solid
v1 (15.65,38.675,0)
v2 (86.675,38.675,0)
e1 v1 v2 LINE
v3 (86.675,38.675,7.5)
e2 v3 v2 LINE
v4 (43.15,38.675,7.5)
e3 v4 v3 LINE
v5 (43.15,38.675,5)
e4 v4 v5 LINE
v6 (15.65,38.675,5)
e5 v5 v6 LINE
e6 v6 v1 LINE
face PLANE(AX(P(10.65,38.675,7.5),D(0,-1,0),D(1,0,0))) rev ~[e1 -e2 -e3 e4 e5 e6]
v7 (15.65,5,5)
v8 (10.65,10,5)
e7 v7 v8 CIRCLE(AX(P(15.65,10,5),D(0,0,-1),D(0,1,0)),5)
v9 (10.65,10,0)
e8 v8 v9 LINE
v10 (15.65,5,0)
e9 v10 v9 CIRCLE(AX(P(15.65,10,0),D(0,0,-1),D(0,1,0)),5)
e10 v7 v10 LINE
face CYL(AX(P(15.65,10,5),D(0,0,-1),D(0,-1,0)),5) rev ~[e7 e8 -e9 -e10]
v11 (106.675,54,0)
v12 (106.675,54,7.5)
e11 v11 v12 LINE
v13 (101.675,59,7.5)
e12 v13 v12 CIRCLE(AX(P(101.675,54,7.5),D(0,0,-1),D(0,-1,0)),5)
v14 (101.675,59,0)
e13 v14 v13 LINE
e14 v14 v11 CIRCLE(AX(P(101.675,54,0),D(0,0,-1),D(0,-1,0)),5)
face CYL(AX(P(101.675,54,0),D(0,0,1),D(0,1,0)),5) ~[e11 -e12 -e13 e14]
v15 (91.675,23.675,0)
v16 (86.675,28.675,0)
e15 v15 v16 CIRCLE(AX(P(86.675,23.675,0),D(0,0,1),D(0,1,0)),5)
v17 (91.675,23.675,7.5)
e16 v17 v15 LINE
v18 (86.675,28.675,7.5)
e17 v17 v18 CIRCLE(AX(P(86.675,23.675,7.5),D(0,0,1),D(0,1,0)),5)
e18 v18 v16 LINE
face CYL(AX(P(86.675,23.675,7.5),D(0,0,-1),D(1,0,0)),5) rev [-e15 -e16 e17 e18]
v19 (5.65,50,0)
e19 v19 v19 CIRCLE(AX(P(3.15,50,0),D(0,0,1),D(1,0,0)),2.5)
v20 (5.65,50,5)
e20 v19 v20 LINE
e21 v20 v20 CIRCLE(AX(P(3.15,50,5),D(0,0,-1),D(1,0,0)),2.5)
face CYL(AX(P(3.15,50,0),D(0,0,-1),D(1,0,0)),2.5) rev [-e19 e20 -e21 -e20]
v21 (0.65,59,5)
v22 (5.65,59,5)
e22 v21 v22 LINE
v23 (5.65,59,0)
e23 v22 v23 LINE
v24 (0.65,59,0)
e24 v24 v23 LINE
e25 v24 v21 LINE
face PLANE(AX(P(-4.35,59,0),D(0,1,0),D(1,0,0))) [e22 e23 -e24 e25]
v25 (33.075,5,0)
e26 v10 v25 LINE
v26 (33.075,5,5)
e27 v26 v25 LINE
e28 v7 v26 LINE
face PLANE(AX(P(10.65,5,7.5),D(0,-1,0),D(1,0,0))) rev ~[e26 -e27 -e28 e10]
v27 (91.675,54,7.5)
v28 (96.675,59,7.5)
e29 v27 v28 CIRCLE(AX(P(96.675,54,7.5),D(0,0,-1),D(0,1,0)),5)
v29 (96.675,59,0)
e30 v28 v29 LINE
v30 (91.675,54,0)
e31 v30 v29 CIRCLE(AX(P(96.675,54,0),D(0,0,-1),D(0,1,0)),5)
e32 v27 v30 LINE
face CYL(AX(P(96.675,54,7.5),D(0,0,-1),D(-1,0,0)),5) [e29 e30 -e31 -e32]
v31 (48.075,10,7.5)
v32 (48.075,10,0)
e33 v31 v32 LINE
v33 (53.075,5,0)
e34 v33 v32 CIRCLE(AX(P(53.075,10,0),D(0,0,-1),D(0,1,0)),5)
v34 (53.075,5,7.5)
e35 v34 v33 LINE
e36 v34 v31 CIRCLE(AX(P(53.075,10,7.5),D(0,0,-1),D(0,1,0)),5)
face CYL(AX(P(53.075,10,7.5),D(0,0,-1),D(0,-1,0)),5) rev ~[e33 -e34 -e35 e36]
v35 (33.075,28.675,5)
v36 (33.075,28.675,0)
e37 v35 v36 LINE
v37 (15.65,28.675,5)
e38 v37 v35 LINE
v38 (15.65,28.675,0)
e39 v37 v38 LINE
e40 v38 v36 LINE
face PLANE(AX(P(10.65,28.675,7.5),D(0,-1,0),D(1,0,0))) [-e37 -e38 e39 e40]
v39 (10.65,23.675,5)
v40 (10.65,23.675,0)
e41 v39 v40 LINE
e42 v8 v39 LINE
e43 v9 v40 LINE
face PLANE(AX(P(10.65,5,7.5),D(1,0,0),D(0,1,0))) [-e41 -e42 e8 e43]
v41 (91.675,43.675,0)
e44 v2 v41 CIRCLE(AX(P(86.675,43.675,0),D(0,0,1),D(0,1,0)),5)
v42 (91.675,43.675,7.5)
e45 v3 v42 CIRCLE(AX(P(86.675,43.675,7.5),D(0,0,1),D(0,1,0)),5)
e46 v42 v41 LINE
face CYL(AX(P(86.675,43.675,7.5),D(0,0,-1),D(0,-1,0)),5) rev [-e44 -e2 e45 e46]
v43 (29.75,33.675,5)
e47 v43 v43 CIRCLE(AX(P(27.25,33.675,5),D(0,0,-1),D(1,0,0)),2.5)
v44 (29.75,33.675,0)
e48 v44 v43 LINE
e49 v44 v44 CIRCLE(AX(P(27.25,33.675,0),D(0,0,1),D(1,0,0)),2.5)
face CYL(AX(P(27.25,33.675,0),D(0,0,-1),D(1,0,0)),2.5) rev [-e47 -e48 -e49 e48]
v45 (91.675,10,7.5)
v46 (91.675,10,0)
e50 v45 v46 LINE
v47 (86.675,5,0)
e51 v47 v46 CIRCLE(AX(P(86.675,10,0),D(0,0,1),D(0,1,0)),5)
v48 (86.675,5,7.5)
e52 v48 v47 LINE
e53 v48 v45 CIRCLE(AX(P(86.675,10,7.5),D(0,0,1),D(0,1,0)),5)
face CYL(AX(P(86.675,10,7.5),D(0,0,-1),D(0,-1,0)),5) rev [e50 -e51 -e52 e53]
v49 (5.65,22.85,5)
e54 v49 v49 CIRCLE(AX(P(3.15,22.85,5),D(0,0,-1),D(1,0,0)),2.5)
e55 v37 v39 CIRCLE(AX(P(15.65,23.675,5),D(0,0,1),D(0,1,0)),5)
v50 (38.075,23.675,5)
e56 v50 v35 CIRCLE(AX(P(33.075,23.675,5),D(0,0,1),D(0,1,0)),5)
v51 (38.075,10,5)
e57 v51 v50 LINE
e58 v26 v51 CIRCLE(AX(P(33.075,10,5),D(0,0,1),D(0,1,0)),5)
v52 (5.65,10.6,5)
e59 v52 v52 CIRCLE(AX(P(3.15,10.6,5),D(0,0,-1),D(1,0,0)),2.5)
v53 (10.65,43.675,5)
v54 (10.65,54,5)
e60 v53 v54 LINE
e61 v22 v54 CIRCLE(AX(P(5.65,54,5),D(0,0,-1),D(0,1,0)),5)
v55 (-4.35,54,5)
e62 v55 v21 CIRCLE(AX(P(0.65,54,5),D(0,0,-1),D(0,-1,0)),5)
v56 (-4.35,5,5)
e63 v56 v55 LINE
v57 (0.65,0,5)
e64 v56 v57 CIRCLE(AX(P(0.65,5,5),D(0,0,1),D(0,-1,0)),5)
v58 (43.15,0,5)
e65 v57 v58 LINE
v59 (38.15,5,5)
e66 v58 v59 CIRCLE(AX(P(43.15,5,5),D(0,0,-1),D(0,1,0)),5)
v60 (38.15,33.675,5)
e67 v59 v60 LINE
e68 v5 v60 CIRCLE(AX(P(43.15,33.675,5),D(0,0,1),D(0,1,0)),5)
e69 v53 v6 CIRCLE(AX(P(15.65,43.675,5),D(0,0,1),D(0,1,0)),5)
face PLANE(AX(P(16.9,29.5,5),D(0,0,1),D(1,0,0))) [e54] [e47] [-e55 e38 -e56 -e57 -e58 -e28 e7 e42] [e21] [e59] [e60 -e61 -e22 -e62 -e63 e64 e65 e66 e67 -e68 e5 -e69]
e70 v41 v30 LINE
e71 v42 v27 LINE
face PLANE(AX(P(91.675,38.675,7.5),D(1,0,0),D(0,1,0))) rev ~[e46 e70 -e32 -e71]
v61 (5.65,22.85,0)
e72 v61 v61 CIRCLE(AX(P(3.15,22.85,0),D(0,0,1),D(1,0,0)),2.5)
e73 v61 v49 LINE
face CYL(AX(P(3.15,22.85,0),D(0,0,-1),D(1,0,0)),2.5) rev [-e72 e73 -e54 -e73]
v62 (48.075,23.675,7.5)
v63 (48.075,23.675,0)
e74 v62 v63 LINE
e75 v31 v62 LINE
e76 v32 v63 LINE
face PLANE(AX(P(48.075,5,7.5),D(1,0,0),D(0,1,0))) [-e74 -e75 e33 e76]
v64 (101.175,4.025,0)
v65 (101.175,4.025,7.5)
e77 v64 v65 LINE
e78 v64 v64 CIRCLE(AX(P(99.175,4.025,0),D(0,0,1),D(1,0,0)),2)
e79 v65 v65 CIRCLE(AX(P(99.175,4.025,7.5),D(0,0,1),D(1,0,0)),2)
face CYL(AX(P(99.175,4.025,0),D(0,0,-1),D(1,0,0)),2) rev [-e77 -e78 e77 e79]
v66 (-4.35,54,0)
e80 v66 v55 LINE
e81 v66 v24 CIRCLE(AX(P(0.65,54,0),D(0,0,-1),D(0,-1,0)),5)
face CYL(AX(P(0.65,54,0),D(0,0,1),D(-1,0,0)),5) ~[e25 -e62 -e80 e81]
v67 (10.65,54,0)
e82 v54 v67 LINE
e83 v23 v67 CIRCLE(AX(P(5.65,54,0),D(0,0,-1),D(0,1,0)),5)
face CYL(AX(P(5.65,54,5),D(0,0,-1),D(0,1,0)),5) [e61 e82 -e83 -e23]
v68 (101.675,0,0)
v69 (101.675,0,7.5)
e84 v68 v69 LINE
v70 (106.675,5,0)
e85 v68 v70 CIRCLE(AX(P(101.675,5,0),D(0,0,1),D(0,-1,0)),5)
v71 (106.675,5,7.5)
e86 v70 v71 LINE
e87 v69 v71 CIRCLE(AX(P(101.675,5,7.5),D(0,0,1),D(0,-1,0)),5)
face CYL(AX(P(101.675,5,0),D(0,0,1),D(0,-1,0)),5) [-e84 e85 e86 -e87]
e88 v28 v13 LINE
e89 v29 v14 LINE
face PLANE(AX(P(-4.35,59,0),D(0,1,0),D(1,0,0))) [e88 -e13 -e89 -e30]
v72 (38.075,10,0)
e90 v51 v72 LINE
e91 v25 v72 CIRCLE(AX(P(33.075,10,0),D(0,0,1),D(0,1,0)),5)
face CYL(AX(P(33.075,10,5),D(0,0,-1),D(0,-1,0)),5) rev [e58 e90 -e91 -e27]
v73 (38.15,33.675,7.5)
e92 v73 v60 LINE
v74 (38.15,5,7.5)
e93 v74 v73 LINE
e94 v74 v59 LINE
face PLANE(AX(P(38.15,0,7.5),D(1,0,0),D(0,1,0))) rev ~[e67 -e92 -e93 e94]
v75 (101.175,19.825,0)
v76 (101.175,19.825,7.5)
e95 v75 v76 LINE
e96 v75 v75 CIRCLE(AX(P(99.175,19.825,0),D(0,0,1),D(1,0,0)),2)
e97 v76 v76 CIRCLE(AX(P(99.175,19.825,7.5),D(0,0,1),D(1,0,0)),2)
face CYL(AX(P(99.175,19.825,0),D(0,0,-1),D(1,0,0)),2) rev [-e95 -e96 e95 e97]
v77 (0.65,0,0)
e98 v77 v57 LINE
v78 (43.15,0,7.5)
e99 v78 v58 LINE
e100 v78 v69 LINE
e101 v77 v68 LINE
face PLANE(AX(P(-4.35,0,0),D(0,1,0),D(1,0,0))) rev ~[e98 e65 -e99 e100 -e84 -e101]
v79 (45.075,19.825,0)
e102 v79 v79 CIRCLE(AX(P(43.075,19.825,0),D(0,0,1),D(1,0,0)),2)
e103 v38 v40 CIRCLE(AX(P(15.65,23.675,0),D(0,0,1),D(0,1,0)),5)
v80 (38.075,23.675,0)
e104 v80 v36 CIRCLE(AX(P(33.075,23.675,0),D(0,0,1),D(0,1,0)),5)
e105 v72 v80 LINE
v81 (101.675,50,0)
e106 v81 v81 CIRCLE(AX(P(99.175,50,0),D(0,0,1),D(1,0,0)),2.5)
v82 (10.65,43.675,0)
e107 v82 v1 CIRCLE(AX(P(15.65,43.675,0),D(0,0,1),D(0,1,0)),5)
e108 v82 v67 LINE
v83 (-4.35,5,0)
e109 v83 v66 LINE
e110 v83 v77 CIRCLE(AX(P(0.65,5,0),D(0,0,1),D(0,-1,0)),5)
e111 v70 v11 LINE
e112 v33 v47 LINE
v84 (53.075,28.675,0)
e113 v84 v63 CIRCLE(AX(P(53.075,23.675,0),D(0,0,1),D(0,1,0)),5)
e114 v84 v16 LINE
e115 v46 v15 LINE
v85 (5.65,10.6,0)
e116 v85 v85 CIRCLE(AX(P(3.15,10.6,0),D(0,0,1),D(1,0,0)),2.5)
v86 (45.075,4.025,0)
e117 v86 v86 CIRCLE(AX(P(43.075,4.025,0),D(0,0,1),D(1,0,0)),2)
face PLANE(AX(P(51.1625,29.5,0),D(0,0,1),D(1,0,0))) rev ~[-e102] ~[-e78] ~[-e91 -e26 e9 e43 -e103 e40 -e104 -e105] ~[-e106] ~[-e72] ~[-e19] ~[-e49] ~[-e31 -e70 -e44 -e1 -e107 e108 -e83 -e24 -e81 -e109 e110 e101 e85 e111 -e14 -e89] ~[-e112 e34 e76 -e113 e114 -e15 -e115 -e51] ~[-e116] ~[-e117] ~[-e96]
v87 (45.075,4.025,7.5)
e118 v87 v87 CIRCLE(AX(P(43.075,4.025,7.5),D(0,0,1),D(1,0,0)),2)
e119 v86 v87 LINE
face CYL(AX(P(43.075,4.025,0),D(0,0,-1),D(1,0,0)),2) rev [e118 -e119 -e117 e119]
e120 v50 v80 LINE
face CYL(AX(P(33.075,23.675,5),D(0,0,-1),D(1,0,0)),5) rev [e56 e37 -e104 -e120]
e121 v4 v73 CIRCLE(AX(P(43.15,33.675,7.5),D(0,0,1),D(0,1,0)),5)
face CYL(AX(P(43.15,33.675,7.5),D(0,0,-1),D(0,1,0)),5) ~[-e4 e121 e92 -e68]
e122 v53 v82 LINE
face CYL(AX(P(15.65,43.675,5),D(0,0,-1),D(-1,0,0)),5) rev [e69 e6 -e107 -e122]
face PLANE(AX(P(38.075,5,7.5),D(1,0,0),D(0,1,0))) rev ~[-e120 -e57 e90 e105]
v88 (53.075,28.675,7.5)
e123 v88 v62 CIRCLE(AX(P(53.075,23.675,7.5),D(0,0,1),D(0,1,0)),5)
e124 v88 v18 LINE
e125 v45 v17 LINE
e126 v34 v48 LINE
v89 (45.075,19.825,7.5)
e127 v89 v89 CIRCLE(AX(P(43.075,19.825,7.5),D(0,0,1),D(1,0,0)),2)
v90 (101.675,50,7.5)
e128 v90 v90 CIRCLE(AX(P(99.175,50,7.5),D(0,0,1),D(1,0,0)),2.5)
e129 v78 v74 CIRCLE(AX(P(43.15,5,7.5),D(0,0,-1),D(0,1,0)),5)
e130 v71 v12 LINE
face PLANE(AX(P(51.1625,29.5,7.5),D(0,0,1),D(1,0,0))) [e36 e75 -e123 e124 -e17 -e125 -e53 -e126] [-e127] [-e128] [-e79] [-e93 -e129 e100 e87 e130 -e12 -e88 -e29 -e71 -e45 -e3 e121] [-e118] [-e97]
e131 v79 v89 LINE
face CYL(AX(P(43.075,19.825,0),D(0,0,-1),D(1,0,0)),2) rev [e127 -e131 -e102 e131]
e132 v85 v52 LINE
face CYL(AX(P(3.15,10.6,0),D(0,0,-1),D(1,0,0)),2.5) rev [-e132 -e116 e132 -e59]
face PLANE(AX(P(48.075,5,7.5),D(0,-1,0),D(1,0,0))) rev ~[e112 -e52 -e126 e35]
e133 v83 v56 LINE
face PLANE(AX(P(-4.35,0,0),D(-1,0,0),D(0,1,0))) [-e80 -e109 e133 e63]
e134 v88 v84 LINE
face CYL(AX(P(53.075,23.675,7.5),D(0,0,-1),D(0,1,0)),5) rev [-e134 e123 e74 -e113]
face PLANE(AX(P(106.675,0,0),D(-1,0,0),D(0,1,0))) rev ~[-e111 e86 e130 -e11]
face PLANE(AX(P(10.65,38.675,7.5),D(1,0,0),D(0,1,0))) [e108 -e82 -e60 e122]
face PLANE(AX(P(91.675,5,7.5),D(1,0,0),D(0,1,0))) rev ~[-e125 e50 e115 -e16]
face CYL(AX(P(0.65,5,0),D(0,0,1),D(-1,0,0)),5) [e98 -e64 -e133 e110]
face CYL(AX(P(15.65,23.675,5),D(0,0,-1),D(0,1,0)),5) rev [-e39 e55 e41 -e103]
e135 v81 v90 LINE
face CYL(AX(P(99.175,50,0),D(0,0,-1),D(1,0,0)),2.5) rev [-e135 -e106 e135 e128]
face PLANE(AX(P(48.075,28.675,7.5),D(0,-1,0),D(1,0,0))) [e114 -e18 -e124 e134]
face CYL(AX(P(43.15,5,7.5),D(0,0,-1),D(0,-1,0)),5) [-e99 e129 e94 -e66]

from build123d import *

# Parameters (mm, degrees)
SKETCH_W        = 111.025
SKETCH_H        = 59
SKETCH_R        = 2.5
SKETCH_R_2      = 2
PAD_DEPTH       = 7.5
SKETCH001_W     = 42.5
SKETCH001_H     = 59
POCKET_DEPTH    = 2.5
SKETCH002_W     = 81.025
SKETCH002_H     = 20.325
SKETCH002_W_2   = 43.6
SKETCH002_H_2   = 23.675
SKETCH002_W_3   = 27.425
POCKET001_DEPTH = 7.501
FILLET_R        = 5


with BuildPart() as part:
    # Sketch → Pad (new body)
    with BuildSketch(Plane.XY):
        with Locations((51.1625, 29.5)):
            Rectangle(SKETCH_W, SKETCH_H)
        with Locations((3.15, 22.85)):
            Circle(SKETCH_R, mode=Mode.SUBTRACT)
        with Locations((3.15, 10.6)):
            Circle(SKETCH_R, mode=Mode.SUBTRACT)
        with Locations((27.25, 33.675)):
            Circle(SKETCH_R, mode=Mode.SUBTRACT)
        with Locations((43.075, 19.825)):
            Circle(SKETCH_R_2, mode=Mode.SUBTRACT)
        with Locations((99.175, 19.825)):
            Circle(SKETCH_R_2, mode=Mode.SUBTRACT)
        with Locations((43.075, 4.025)):
            Circle(SKETCH_R_2, mode=Mode.SUBTRACT)
        with Locations((99.175, 4.025)):
            Circle(SKETCH_R_2, mode=Mode.SUBTRACT)
        with Locations((3.15, 50)):
            Circle(SKETCH_R, mode=Mode.SUBTRACT)
        with Locations((99.175, 50)):
            Circle(SKETCH_R, mode=Mode.SUBTRACT)
    extrude(amount=PAD_DEPTH)

    # Sketch001 → Pocket (cut)
    with BuildSketch(Plane.XY.offset(7.5)):
        with Locations((16.9, 29.5)):
            Rectangle(SKETCH001_W, SKETCH001_H)
    extrude(amount=-POCKET_DEPTH, mode=Mode.SUBTRACT)

    # Sketch002 → Pocket001 (cut, through all)
    with BuildSketch(Plane.XY.offset(7.5)):
        with Locations((51.1625, 48.8375)):
            Rectangle(SKETCH002_W, SKETCH002_H)
        with Locations((69.875, 16.8375)):
            Rectangle(SKETCH002_W_2, SKETCH002_H_2)
        with Locations((24.3625, 16.8375)):
            Rectangle(SKETCH002_W_3, SKETCH002_H_2)
    extrude(amount=-POCKET001_DEPTH, mode=Mode.SUBTRACT)

    # Fillet
    fillet_edges = [part.edges().sort_by_distance(p)[0] for p in [
        (106.675, 59, 3.75),
        (91.675, 59, 3.75),
        (91.675, 38.675, 3.75),
        (91.675, 28.675, 3.75),
        (91.675, 5, 3.75),
        (106.675, 0, 3.75),
        (48.075, 5, 3.75),
        (48.075, 28.675, 3.75),
        (38.075, 28.675, 2.5),
        (38.075, 5, 2.5),
        (38.15, 0, 6.25),
        (38.15, 38.675, 6.25),
        (10.65, 5, 2.5),
        (10.65, 28.675, 2.5),
        (10.65, 38.675, 2.5),
        (10.65, 59, 2.5),
        (-4.35, 59, 2.5),
        (-4.35, 0, 2.5),
    ]]
    fillet(fillet_edges, radius=FILLET_R)


solid = part.part
